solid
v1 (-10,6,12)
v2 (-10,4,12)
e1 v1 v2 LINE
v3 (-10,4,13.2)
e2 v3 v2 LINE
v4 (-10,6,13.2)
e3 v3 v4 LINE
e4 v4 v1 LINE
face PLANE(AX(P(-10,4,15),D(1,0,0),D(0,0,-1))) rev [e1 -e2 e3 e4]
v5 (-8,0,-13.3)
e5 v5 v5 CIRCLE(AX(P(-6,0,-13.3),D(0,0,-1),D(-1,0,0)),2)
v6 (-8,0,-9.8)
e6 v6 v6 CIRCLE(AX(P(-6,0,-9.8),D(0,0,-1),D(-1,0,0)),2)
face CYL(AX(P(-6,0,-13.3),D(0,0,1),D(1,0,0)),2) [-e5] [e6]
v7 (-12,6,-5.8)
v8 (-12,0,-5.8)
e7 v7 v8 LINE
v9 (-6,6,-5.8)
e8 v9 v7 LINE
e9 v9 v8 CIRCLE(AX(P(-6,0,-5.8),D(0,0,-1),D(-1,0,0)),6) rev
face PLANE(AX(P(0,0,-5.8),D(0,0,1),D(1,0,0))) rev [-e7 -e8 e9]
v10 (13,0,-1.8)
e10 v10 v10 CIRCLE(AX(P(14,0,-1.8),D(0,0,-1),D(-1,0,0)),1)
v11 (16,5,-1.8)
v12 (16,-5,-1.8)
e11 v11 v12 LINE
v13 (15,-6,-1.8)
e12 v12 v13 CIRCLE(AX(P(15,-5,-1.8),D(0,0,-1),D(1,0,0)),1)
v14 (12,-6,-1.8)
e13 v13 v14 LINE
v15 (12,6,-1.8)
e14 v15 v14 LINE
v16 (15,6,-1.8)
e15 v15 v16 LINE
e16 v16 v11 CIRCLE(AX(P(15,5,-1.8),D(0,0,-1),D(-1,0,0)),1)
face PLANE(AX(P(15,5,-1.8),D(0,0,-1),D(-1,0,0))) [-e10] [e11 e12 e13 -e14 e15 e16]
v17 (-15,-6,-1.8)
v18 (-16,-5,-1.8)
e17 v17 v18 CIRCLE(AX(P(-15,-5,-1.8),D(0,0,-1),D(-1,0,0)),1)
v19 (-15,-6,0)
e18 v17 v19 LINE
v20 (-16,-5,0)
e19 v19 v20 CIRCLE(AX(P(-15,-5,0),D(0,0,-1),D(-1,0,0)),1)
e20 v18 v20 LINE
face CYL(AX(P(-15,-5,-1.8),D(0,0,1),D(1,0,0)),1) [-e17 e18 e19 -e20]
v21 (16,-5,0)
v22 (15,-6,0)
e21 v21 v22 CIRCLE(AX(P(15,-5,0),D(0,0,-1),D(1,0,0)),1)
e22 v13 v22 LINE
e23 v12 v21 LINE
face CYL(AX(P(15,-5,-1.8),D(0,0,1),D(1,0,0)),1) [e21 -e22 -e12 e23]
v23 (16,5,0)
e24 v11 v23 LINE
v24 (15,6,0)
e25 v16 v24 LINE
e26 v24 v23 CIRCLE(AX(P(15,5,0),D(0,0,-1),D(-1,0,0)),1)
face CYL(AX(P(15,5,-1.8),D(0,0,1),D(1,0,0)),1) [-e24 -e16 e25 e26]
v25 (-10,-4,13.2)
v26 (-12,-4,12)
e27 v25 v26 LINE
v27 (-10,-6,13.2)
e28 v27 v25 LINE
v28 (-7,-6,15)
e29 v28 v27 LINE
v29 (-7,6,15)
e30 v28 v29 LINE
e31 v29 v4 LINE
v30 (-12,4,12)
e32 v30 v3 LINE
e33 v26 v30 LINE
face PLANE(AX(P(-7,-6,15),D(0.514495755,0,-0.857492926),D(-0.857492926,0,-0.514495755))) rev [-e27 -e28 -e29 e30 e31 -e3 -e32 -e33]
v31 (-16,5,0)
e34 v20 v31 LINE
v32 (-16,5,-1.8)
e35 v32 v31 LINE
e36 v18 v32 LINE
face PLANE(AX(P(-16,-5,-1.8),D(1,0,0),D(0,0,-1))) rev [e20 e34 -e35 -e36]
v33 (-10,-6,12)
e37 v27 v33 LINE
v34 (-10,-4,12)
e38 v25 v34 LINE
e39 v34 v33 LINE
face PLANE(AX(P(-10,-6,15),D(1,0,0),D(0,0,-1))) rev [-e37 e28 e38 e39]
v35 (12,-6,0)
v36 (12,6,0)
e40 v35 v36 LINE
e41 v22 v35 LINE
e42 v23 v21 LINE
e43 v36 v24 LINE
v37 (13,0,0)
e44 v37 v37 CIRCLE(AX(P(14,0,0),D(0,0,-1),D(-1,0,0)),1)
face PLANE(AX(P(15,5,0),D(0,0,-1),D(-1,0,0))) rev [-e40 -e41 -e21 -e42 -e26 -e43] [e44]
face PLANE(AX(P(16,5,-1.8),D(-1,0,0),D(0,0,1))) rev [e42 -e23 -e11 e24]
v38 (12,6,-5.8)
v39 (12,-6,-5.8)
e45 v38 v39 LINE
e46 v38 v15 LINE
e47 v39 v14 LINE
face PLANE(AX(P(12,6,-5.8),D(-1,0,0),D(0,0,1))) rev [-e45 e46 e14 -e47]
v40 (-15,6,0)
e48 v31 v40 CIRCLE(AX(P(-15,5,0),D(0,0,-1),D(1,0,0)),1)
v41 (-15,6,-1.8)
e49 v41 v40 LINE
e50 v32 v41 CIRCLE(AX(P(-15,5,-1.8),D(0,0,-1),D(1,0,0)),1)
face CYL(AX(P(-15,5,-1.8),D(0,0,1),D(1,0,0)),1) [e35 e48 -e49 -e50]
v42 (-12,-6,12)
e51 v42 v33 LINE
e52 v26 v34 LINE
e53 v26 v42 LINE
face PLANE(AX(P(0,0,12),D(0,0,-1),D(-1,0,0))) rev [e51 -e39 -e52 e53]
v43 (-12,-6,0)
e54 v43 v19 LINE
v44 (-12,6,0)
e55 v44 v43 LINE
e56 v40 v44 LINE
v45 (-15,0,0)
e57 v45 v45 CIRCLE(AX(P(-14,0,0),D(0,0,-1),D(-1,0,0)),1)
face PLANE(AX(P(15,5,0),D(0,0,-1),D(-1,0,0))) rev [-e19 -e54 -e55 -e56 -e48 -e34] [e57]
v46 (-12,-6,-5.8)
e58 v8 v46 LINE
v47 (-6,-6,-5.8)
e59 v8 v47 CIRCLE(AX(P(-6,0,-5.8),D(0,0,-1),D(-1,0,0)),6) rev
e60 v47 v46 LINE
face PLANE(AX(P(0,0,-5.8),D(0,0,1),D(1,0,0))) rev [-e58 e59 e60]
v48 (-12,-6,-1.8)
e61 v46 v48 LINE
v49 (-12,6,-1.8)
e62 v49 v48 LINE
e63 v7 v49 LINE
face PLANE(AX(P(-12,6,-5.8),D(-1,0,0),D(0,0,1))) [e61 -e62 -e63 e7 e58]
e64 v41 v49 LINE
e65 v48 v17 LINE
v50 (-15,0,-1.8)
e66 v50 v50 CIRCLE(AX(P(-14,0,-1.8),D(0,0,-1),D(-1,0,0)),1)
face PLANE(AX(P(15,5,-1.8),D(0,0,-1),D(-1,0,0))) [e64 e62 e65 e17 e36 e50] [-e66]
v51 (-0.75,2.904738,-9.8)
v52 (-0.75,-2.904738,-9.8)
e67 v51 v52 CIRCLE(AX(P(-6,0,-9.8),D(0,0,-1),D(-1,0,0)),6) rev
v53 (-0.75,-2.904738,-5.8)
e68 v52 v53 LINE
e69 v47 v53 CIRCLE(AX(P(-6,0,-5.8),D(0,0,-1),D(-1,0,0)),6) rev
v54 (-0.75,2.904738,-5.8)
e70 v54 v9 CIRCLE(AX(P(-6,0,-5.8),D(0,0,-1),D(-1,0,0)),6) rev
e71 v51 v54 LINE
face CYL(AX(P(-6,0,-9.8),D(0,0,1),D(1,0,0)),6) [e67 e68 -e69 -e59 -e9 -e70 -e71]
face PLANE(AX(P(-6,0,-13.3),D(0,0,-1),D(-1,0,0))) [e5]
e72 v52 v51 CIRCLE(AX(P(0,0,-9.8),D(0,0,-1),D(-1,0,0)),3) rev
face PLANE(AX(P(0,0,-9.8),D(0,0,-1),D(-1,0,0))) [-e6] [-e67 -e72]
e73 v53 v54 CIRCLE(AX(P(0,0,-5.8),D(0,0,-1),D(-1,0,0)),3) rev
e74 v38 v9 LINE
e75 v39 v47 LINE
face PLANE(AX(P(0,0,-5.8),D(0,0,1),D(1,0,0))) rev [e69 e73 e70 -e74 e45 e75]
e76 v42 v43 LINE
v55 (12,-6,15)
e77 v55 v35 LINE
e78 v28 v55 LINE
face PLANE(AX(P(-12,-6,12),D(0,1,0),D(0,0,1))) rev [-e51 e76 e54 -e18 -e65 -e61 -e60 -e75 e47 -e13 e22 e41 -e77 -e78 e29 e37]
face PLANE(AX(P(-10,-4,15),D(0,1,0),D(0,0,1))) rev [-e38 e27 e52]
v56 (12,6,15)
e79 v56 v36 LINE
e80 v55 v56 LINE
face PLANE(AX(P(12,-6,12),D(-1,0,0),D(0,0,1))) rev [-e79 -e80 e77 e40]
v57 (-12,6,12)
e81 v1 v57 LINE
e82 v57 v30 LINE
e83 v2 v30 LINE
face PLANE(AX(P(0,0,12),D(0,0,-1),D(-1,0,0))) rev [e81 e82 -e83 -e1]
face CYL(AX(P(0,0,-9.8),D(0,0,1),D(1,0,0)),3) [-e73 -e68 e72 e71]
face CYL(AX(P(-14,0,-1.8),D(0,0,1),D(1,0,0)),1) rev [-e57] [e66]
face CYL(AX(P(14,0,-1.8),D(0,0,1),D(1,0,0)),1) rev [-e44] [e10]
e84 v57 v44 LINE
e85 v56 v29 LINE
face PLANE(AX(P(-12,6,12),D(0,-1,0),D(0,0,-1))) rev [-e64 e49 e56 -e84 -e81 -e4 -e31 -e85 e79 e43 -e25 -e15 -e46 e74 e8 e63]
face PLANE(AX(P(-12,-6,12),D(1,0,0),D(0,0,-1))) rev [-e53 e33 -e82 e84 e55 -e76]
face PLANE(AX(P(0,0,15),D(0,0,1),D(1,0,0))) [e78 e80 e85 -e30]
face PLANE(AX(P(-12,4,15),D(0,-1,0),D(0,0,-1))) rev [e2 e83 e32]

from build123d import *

# Parameters (mm, degrees)
SKETCH_1_W          = 24
SKETCH_1_H          = 12
EXTRUDE_1_DEPTH     = 12
SKETCH_2_R          = 1
EXTRUDE_2_DEPTH     = 1.8
SKETCH_3_W          = 24
SKETCH_3_H          = 12
EXTRUDE_3_DEPTH     = 4
EXTRUDE_4_DEPTH     = 4
SKETCH_5_R          = 2
EXTRUDE_5_DEPTH     = 3.5
EXTRUDE_6_DEPTH     = 3
CUT_EXTRUDE_1_DEPTH = 12


with BuildPart() as part:
    # Эскиз1 → Бобышка-Вытянуть1 (new body)
    with BuildSketch(Plane.XY):
        Rectangle(SKETCH_1_W, SKETCH_1_H)
    extrude(amount=EXTRUDE_1_DEPTH)

    # Эскиз2 → Бобышка-Вытянуть2 (add)
    with BuildSketch(Plane(origin=(0, 0, 0), x_dir=(-1, 0, 0), z_dir=(0, 0, -1))):
        with BuildLine():
            Line((12, 6), (15, 6))
            ThreePointArc((15, 6), (15.707106781, 5.707106781), (16, 5))
            Line((16, 5), (16, -5))
            ThreePointArc((16, -5), (15.707106781, -5.707106781), (15, -6))
            Line((15, -6), (12, -6))
            Line((12, -6), (-12, -6))
            Line((-12, -6), (-15, -6))
            ThreePointArc((-15, -6), (-15.707106781, -5.707106781), (-16, -5))
            Line((-16, -5), (-16, 5))
            ThreePointArc((-16, 5), (-15.707106781, 5.707106781), (-15, 6))
            Line((-15, 6), (-12, 6))
            Line((-12, 6), (12, 6))
        make_face()
        with Locations((14, 0)):
            Circle(SKETCH_2_R, mode=Mode.SUBTRACT)
        with Locations((-14, 0)):
            Circle(SKETCH_2_R, mode=Mode.SUBTRACT)
    extrude(amount=EXTRUDE_2_DEPTH)

    # Эскиз3 → Бобышка-Вытянуть3 (add)
    with BuildSketch(Plane(origin=(0, 0, -1.8), x_dir=(-1, 0, 0), z_dir=(0, 0, -1))):
        Rectangle(SKETCH_3_W, SKETCH_3_H)
    extrude(amount=EXTRUDE_3_DEPTH)

    # Эскиз4 → Бобышка-Вытянуть4 (add)
    with BuildSketch(Plane(origin=(0, 0, -5.8), x_dir=(-1, 0, 0), z_dir=(0, 0, -1))):
        with BuildLine():
            ThreePointArc((0.75, 2.90473751), (12, 0), (0.75, -2.90473751))
            ThreePointArc((0.75, -2.90473751), (-3, 0), (0.75, 2.90473751))
        make_face()
    extrude(amount=EXTRUDE_4_DEPTH)

    # Эскиз5 → Бобышка-Вытянуть5 (add)
    with BuildSketch(Plane(origin=(0, 0, -9.8), x_dir=(-1, 0, 0), z_dir=(0, 0, -1))):
        with Locations((6, 0)):
            Circle(SKETCH_5_R)
    extrude(amount=EXTRUDE_5_DEPTH)

    # Эскиз6 → Бобышка-Вытянуть6 (add)
    with BuildSketch(Plane.XY.offset(12)):
        Polygon((12, -6), (12, 6), (-10, 6), (-10, 4), (-12, 4), (-12, -4), (-10, -4), (-10, -6), align=None)
    extrude(amount=EXTRUDE_6_DEPTH)

    # Эскиз8 → Вырез-Вытянуть1 (cut)
    with BuildSketch(Plane(origin=(0, 6, 0), x_dir=(1, 0, 0), z_dir=(0, 1, 0))):
        Polygon((-7, -15), (-12, -12), (-12, -15), align=None)
    extrude(amount=-CUT_EXTRUDE_1_DEPTH, mode=Mode.SUBTRACT)


solid = part.part
